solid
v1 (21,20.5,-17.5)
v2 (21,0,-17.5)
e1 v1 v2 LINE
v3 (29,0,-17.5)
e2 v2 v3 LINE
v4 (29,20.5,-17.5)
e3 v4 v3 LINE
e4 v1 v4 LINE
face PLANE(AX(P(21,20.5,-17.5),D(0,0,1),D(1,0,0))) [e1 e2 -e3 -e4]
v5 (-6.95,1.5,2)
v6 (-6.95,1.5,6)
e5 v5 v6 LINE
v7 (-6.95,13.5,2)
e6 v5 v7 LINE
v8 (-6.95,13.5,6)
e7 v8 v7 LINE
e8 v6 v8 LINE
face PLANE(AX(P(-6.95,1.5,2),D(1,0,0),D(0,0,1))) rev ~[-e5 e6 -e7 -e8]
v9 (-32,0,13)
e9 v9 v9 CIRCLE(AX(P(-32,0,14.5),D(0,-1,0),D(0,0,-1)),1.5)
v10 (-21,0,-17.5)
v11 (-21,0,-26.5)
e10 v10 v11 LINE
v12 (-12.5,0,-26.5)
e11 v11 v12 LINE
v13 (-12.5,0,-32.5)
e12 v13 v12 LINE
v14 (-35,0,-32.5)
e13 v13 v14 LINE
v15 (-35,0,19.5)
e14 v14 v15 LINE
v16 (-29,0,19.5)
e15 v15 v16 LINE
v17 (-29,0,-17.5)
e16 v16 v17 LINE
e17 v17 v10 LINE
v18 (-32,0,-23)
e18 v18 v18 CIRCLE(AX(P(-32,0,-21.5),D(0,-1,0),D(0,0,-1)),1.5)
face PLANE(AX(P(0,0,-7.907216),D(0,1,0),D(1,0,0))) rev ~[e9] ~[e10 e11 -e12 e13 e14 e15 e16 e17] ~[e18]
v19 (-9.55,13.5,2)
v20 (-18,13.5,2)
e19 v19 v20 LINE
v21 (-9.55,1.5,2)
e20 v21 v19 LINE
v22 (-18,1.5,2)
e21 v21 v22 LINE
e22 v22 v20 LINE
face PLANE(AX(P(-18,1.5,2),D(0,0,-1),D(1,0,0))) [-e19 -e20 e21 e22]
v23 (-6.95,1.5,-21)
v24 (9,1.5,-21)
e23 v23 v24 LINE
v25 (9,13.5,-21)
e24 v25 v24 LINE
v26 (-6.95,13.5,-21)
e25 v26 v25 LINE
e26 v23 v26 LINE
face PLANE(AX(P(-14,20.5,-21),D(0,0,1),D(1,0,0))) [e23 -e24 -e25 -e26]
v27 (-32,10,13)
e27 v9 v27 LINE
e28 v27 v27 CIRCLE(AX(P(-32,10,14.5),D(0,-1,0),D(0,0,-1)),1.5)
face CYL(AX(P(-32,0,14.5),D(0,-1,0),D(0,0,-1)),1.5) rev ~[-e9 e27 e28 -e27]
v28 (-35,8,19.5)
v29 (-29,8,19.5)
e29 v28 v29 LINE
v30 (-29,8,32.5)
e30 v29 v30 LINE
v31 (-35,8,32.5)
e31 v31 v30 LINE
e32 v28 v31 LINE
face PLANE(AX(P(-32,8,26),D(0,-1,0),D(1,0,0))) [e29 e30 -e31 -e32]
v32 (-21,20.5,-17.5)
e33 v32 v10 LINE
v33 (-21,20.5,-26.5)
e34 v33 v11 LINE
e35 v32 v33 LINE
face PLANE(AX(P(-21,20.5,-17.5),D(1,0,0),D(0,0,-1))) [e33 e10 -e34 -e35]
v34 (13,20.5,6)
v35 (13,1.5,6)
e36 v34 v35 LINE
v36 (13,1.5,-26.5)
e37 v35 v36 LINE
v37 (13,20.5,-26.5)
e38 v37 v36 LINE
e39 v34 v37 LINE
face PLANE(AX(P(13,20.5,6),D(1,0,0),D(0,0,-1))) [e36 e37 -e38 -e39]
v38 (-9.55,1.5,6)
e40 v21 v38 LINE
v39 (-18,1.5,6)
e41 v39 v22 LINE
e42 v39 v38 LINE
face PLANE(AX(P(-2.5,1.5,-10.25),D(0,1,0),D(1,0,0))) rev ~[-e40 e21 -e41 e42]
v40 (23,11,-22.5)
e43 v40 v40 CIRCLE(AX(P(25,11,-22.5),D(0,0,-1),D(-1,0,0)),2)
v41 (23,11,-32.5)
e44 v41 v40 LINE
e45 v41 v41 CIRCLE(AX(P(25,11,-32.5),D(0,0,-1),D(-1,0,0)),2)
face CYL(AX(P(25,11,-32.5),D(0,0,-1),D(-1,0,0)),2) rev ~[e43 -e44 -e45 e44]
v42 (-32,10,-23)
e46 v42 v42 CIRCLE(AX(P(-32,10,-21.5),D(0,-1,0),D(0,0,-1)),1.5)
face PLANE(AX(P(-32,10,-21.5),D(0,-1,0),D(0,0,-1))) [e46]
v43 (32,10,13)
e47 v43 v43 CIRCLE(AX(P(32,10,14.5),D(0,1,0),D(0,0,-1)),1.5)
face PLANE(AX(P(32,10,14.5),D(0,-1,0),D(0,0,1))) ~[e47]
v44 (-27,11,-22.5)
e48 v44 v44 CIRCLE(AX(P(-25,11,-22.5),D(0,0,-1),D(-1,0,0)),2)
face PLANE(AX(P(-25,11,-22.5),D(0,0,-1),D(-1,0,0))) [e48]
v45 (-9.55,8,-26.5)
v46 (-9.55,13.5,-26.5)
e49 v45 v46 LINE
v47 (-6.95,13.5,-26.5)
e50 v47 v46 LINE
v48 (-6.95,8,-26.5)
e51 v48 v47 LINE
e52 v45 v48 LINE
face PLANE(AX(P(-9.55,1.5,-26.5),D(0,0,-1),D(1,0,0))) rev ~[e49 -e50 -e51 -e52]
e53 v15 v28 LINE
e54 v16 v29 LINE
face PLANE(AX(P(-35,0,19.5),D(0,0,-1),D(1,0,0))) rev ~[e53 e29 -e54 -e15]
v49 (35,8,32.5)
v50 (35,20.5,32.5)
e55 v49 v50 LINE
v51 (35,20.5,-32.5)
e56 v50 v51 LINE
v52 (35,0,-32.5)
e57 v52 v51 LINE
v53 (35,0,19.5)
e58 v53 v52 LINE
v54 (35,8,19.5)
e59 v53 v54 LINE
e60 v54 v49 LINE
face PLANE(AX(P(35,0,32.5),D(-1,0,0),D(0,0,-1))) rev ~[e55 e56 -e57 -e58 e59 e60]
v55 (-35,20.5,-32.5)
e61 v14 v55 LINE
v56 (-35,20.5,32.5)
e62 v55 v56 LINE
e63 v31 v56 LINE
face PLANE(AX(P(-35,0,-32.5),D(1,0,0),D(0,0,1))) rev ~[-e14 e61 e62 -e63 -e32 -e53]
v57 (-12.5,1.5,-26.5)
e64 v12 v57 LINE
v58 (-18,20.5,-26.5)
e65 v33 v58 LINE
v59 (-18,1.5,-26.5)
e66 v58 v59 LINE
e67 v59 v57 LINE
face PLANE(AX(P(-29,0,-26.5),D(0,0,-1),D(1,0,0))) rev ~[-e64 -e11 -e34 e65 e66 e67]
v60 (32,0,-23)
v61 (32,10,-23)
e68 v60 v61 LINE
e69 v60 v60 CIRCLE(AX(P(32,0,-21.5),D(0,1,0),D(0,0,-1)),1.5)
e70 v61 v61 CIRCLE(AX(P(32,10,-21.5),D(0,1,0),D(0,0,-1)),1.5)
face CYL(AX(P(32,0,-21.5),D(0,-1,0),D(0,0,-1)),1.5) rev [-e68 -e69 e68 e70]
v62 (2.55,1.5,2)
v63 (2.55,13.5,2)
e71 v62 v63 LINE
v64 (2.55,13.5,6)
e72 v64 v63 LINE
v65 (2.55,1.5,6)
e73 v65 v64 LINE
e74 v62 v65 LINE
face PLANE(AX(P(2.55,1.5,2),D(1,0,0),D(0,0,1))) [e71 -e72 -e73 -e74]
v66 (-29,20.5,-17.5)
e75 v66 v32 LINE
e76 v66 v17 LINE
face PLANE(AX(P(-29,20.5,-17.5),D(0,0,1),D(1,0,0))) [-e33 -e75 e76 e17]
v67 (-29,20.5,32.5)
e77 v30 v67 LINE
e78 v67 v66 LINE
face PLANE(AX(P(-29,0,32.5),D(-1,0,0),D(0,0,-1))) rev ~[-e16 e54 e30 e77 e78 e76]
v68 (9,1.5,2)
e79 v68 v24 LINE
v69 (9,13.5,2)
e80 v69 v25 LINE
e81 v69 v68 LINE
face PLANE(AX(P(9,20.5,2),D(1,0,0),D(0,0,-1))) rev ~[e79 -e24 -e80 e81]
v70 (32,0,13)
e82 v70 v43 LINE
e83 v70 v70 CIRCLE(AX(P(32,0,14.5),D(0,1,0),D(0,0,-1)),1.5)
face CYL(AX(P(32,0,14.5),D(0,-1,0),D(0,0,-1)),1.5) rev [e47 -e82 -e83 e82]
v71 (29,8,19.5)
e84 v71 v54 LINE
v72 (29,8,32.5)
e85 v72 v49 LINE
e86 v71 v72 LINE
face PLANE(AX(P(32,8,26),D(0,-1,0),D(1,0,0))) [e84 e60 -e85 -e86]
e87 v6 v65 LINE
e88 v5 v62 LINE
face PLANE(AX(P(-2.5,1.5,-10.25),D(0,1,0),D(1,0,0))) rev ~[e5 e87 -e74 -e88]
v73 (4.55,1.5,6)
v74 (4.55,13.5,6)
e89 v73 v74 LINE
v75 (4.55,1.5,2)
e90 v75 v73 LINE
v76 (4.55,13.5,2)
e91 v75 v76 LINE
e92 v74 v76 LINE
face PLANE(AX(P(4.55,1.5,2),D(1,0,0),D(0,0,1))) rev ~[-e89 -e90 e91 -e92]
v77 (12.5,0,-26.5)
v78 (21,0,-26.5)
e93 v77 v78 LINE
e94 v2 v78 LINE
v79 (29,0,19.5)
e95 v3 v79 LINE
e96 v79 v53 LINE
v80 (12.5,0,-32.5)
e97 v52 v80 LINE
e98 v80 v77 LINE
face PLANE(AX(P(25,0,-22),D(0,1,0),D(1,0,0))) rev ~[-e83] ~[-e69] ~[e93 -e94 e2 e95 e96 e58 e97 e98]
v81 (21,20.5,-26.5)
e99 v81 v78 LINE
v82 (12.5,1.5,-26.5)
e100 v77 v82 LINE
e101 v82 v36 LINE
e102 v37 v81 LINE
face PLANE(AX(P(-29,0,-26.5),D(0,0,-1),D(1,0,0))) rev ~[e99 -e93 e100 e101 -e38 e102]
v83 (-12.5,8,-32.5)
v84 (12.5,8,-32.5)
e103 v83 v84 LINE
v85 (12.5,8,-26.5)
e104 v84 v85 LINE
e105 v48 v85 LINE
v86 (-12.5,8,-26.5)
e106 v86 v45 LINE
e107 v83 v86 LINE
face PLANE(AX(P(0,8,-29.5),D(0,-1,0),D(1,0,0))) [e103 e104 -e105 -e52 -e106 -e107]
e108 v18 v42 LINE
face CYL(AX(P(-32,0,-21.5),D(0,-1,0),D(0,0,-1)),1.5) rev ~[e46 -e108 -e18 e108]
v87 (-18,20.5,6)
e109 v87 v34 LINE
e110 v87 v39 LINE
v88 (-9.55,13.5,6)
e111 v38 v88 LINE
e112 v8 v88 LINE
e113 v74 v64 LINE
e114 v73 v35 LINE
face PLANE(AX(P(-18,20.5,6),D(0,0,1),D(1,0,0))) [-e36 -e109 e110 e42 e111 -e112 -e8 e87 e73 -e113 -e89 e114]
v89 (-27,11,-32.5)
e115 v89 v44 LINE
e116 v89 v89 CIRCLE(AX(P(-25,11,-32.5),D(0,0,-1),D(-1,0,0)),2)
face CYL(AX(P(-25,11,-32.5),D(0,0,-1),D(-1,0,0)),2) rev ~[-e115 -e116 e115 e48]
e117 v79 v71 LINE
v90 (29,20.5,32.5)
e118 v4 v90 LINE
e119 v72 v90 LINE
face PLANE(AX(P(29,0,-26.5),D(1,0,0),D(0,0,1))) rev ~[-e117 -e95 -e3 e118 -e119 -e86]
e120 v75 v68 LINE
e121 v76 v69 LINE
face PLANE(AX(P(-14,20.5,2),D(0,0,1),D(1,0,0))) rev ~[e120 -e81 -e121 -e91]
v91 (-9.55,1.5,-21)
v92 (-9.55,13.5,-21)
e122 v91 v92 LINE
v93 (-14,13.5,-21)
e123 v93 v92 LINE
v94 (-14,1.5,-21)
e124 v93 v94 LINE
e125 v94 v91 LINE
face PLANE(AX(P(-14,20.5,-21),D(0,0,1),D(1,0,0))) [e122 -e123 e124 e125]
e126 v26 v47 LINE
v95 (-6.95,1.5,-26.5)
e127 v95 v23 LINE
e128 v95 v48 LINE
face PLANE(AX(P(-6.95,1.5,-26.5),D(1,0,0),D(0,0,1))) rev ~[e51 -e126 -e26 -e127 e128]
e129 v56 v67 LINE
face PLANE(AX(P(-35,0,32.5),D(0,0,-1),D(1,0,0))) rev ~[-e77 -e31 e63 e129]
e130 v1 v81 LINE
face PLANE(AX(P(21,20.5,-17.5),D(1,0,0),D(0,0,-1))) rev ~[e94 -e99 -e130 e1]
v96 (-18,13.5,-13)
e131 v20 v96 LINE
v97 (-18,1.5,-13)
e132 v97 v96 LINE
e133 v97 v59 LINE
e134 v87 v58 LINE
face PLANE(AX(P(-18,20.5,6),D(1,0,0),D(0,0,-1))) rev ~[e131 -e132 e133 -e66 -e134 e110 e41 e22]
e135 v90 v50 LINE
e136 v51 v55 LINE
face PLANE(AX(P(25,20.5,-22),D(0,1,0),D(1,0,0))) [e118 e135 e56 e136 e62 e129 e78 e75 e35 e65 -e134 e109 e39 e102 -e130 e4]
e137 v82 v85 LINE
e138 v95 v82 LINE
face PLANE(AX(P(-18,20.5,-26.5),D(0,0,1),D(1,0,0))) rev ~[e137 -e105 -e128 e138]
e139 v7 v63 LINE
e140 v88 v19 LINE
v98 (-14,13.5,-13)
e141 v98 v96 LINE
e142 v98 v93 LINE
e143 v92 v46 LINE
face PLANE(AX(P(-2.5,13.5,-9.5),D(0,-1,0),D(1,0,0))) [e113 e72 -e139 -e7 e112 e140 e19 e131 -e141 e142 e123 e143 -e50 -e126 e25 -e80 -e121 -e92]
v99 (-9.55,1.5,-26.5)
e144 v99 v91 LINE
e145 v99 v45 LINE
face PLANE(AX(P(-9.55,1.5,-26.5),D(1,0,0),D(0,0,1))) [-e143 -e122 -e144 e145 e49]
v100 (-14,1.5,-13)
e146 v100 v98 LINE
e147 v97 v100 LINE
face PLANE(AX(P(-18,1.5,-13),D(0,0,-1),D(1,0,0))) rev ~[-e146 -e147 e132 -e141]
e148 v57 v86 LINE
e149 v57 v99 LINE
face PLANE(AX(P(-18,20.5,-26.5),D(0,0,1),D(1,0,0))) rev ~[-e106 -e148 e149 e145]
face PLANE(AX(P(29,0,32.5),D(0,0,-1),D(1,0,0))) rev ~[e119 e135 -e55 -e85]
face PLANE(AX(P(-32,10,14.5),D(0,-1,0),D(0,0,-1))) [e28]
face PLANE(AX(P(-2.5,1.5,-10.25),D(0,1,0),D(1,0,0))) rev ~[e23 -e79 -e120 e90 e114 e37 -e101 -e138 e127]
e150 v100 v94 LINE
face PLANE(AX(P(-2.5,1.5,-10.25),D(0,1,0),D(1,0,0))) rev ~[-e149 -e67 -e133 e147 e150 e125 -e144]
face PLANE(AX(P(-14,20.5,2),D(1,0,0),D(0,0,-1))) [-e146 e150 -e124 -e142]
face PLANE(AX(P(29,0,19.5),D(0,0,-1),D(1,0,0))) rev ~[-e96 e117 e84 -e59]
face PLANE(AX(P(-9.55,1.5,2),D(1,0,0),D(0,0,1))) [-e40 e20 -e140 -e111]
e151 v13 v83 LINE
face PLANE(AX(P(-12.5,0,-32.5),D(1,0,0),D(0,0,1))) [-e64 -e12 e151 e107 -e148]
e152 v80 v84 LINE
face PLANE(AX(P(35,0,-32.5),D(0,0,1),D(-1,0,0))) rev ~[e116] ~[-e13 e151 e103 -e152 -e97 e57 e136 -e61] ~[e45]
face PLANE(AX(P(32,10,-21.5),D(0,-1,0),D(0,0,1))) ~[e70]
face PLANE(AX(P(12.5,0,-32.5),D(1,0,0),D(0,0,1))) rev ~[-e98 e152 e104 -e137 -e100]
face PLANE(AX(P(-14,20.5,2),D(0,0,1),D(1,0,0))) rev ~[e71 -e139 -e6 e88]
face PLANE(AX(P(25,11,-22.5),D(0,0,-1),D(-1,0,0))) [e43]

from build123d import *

# Parameters (mm, degrees)
BOSS_EXTRUDE1_DEPTH = 20.5
SKETCH2_W           = 6
SKETCH2_H           = 13
SKETCH2_W_2         = 25
SKETCH2_H_2         = 6
CUT_EXTRUDE1_DEPTH  = 8
SKETCH3_W           = 23
SKETCH3_H           = 23
BOSS_EXTRUDE2_DEPTH = 7
SKETCH4_W           = 31
SKETCH4_H           = 32.5
SKETCH4_W_2         = 23
SKETCH4_H_2         = 23
BOSS_EXTRUDE4_DEPTH = 19
CUT_EXTRUDE2_REACH  = 53.403
SKETCH5_W           = 2.6
SKETCH5_H           = 5.5
SKETCH5_H_2         = 4
SKETCH5_W_2         = 4
SKETCH5_H_3         = 15
SKETCH5_W_3         = 2
SKETCH6_R           = 1.5
CUT_EXTRUDE3_DEPTH  = 10
SKETCH7_W           = 8
SKETCH7_H           = 9
BOSS_EXTRUDE5_DEPTH = 20.5
SKETCH8_R           = 2
CUT_EXTRUDE4_DEPTH  = 10


with BuildPart() as part:
    # Sketch1 → Boss-Extrude1 (new body)
    with BuildSketch(Plane(origin=(0, 0, 0), x_dir=(1, 0, 0), z_dir=(0, 1, 0))):
        Polygon((29, -32.5), (35, -32.5), (35, 32.5), (-35, 32.5), (-35, -32.5), (-29, -32.5), (-29, 26.5), (29, 26.5), align=None)
    extrude(amount=BOSS_EXTRUDE1_DEPTH)

    # Sketch2 → Cut-Extrude1 (cut)
    with BuildSketch(Plane.XZ):
        with Locations((32, 26)):
            Rectangle(SKETCH2_W, SKETCH2_H)
        with Locations((0, -29.5)):
            Rectangle(SKETCH2_W_2, SKETCH2_H_2)
        with Locations((-32, 26)):
            Rectangle(SKETCH2_W, SKETCH2_H)
    extrude(amount=-CUT_EXTRUDE1_DEPTH, mode=Mode.SUBTRACT)



with BuildPart() as body_2:
    # Sketch3 → Boss-Extrude2 (new body)
    with BuildSketch(Plane(origin=(0, 20.5, 0), x_dir=(1, 0, 0), z_dir=(0, 1, 0))):
        with Locations((-2.5, 9.5)):
            Rectangle(SKETCH3_W, SKETCH3_H)
    extrude(amount=-BOSS_EXTRUDE2_DEPTH)


with BuildPart() as part_1:
    add(part.part)

    add(body_2.part)  # Boss-Extrude4 merges body 2
    # Sketch4 → Boss-Extrude4 (add)
    with BuildSketch(Plane(origin=(0, 20.5, 0), x_dir=(1, 0, 0), z_dir=(0, 1, 0))):
        with Locations((-2.5, 10.25)):
            Rectangle(SKETCH4_W, SKETCH4_H)
        with Locations((-2.5, 9.5)):
            Rectangle(SKETCH4_W_2, SKETCH4_H_2, mode=Mode.SUBTRACT)
    extrude(amount=-BOSS_EXTRUDE4_DEPTH)

    # Cut-Extrude2: up to this face of the body (flat: up to its plane)
    cut_extrude2_end = Plane(part_1.part.faces().sort_by_distance((-2.5, 13.5, -9.5))[0])
    # Sketch5 → Cut-Extrude2 (cut, up to the picked face)
    with BuildSketch(Plane.XZ.offset(-1.5), mode=Mode.PRIVATE) as cut_extrude2_sk1:
        with Locations((-8.25, -23.75)):
            Rectangle(SKETCH5_W, SKETCH5_H)
    cut_extrude2_tool1 = split(extrude(cut_extrude2_sk1.sketch, amount=-CUT_EXTRUDE2_REACH, mode=Mode.PRIVATE), bisect_by=cut_extrude2_end, keep=Keep.BOTH, mode=Mode.PRIVATE)
    # Sketch5 → Cut-Extrude2 (cut, up to the picked face)
    with BuildSketch(Plane.XZ.offset(-1.5), mode=Mode.PRIVATE) as cut_extrude2_sk2:
        with Locations((-8.25, 4)):
            Rectangle(SKETCH5_W, SKETCH5_H_2)
    cut_extrude2_tool2 = split(extrude(cut_extrude2_sk2.sketch, amount=-CUT_EXTRUDE2_REACH, mode=Mode.PRIVATE), bisect_by=cut_extrude2_end, keep=Keep.BOTH, mode=Mode.PRIVATE)
    # Sketch5 → Cut-Extrude2 (cut, up to the picked face)
    with BuildSketch(Plane.XZ.offset(-1.5), mode=Mode.PRIVATE) as cut_extrude2_sk3:
        with Locations((-16, -5.5)):
            Rectangle(SKETCH5_W_2, SKETCH5_H_3)
    cut_extrude2_tool3 = split(extrude(cut_extrude2_sk3.sketch, amount=-CUT_EXTRUDE2_REACH, mode=Mode.PRIVATE), bisect_by=cut_extrude2_end, keep=Keep.BOTH, mode=Mode.PRIVATE)
    # Sketch5 → Cut-Extrude2 (cut, up to the picked face)
    with BuildSketch(Plane.XZ.offset(-1.5), mode=Mode.PRIVATE) as cut_extrude2_sk4:
        with Locations((3.55, 4)):
            Rectangle(SKETCH5_W_3, SKETCH5_H_2)
    cut_extrude2_tool4 = split(extrude(cut_extrude2_sk4.sketch, amount=-CUT_EXTRUDE2_REACH, mode=Mode.PRIVATE), bisect_by=cut_extrude2_end, keep=Keep.BOTH, mode=Mode.PRIVATE)
    add(cut_extrude2_tool1.solids().sort_by(Axis((-8.25, 1.5, -23.75), (0, 1, 0)))[0], mode=Mode.SUBTRACT)
    add(cut_extrude2_tool2.solids().sort_by(Axis((-8.25, 1.5, 4), (0, 1, 0)))[0], mode=Mode.SUBTRACT)
    add(cut_extrude2_tool3.solids().sort_by(Axis((-16, 1.5, -5.5), (0, 1, 0)))[0], mode=Mode.SUBTRACT)
    add(cut_extrude2_tool4.solids().sort_by(Axis((3.55, 1.5, 4), (0, 1, 0)))[0], mode=Mode.SUBTRACT)

    # Sketch6 → Cut-Extrude3 (cut)
    with BuildSketch(Plane.XZ):
        with Locations(Location((-32, 14.5, 0), (0, 0, 270))):
            Circle(SKETCH6_R)
        with Locations(Location((-32, -21.5, 0), (0, 0, 270))):
            Circle(SKETCH6_R)
    cut_extrude3 = extrude(amount=-CUT_EXTRUDE3_DEPTH, mode=Mode.SUBTRACT)

    # Mirror1: Cut-Extrude3 across plane
    add(cut_extrude3.mirror(Plane(origin=(0, 0, 0), x_dir=(0, 0, 1), z_dir=(1, 0, 0))), mode=Mode.SUBTRACT)

    # Sketch7 → Boss-Extrude5 (add)
    with BuildSketch(Plane(origin=(0, 20.5, 0), x_dir=(1, 0, 0), z_dir=(0, 1, 0))):
        with Locations((25, 22)):
            Rectangle(SKETCH7_W, SKETCH7_H)
        with Locations((-25, 22)):
            Rectangle(SKETCH7_W, SKETCH7_H)
    extrude(amount=-BOSS_EXTRUDE5_DEPTH)

    # Sketch8 → Cut-Extrude4 (cut)
    with BuildSketch(Plane(origin=(0, 0, -32.5), x_dir=(-1, 0, 0), z_dir=(0, 0, -1))):
        with Locations((-25, 11)):
            Circle(SKETCH8_R)
        with Locations((25, 11)):
            Circle(SKETCH8_R)
    extrude(amount=-CUT_EXTRUDE4_DEPTH, mode=Mode.SUBTRACT)


solid = part_1.part
